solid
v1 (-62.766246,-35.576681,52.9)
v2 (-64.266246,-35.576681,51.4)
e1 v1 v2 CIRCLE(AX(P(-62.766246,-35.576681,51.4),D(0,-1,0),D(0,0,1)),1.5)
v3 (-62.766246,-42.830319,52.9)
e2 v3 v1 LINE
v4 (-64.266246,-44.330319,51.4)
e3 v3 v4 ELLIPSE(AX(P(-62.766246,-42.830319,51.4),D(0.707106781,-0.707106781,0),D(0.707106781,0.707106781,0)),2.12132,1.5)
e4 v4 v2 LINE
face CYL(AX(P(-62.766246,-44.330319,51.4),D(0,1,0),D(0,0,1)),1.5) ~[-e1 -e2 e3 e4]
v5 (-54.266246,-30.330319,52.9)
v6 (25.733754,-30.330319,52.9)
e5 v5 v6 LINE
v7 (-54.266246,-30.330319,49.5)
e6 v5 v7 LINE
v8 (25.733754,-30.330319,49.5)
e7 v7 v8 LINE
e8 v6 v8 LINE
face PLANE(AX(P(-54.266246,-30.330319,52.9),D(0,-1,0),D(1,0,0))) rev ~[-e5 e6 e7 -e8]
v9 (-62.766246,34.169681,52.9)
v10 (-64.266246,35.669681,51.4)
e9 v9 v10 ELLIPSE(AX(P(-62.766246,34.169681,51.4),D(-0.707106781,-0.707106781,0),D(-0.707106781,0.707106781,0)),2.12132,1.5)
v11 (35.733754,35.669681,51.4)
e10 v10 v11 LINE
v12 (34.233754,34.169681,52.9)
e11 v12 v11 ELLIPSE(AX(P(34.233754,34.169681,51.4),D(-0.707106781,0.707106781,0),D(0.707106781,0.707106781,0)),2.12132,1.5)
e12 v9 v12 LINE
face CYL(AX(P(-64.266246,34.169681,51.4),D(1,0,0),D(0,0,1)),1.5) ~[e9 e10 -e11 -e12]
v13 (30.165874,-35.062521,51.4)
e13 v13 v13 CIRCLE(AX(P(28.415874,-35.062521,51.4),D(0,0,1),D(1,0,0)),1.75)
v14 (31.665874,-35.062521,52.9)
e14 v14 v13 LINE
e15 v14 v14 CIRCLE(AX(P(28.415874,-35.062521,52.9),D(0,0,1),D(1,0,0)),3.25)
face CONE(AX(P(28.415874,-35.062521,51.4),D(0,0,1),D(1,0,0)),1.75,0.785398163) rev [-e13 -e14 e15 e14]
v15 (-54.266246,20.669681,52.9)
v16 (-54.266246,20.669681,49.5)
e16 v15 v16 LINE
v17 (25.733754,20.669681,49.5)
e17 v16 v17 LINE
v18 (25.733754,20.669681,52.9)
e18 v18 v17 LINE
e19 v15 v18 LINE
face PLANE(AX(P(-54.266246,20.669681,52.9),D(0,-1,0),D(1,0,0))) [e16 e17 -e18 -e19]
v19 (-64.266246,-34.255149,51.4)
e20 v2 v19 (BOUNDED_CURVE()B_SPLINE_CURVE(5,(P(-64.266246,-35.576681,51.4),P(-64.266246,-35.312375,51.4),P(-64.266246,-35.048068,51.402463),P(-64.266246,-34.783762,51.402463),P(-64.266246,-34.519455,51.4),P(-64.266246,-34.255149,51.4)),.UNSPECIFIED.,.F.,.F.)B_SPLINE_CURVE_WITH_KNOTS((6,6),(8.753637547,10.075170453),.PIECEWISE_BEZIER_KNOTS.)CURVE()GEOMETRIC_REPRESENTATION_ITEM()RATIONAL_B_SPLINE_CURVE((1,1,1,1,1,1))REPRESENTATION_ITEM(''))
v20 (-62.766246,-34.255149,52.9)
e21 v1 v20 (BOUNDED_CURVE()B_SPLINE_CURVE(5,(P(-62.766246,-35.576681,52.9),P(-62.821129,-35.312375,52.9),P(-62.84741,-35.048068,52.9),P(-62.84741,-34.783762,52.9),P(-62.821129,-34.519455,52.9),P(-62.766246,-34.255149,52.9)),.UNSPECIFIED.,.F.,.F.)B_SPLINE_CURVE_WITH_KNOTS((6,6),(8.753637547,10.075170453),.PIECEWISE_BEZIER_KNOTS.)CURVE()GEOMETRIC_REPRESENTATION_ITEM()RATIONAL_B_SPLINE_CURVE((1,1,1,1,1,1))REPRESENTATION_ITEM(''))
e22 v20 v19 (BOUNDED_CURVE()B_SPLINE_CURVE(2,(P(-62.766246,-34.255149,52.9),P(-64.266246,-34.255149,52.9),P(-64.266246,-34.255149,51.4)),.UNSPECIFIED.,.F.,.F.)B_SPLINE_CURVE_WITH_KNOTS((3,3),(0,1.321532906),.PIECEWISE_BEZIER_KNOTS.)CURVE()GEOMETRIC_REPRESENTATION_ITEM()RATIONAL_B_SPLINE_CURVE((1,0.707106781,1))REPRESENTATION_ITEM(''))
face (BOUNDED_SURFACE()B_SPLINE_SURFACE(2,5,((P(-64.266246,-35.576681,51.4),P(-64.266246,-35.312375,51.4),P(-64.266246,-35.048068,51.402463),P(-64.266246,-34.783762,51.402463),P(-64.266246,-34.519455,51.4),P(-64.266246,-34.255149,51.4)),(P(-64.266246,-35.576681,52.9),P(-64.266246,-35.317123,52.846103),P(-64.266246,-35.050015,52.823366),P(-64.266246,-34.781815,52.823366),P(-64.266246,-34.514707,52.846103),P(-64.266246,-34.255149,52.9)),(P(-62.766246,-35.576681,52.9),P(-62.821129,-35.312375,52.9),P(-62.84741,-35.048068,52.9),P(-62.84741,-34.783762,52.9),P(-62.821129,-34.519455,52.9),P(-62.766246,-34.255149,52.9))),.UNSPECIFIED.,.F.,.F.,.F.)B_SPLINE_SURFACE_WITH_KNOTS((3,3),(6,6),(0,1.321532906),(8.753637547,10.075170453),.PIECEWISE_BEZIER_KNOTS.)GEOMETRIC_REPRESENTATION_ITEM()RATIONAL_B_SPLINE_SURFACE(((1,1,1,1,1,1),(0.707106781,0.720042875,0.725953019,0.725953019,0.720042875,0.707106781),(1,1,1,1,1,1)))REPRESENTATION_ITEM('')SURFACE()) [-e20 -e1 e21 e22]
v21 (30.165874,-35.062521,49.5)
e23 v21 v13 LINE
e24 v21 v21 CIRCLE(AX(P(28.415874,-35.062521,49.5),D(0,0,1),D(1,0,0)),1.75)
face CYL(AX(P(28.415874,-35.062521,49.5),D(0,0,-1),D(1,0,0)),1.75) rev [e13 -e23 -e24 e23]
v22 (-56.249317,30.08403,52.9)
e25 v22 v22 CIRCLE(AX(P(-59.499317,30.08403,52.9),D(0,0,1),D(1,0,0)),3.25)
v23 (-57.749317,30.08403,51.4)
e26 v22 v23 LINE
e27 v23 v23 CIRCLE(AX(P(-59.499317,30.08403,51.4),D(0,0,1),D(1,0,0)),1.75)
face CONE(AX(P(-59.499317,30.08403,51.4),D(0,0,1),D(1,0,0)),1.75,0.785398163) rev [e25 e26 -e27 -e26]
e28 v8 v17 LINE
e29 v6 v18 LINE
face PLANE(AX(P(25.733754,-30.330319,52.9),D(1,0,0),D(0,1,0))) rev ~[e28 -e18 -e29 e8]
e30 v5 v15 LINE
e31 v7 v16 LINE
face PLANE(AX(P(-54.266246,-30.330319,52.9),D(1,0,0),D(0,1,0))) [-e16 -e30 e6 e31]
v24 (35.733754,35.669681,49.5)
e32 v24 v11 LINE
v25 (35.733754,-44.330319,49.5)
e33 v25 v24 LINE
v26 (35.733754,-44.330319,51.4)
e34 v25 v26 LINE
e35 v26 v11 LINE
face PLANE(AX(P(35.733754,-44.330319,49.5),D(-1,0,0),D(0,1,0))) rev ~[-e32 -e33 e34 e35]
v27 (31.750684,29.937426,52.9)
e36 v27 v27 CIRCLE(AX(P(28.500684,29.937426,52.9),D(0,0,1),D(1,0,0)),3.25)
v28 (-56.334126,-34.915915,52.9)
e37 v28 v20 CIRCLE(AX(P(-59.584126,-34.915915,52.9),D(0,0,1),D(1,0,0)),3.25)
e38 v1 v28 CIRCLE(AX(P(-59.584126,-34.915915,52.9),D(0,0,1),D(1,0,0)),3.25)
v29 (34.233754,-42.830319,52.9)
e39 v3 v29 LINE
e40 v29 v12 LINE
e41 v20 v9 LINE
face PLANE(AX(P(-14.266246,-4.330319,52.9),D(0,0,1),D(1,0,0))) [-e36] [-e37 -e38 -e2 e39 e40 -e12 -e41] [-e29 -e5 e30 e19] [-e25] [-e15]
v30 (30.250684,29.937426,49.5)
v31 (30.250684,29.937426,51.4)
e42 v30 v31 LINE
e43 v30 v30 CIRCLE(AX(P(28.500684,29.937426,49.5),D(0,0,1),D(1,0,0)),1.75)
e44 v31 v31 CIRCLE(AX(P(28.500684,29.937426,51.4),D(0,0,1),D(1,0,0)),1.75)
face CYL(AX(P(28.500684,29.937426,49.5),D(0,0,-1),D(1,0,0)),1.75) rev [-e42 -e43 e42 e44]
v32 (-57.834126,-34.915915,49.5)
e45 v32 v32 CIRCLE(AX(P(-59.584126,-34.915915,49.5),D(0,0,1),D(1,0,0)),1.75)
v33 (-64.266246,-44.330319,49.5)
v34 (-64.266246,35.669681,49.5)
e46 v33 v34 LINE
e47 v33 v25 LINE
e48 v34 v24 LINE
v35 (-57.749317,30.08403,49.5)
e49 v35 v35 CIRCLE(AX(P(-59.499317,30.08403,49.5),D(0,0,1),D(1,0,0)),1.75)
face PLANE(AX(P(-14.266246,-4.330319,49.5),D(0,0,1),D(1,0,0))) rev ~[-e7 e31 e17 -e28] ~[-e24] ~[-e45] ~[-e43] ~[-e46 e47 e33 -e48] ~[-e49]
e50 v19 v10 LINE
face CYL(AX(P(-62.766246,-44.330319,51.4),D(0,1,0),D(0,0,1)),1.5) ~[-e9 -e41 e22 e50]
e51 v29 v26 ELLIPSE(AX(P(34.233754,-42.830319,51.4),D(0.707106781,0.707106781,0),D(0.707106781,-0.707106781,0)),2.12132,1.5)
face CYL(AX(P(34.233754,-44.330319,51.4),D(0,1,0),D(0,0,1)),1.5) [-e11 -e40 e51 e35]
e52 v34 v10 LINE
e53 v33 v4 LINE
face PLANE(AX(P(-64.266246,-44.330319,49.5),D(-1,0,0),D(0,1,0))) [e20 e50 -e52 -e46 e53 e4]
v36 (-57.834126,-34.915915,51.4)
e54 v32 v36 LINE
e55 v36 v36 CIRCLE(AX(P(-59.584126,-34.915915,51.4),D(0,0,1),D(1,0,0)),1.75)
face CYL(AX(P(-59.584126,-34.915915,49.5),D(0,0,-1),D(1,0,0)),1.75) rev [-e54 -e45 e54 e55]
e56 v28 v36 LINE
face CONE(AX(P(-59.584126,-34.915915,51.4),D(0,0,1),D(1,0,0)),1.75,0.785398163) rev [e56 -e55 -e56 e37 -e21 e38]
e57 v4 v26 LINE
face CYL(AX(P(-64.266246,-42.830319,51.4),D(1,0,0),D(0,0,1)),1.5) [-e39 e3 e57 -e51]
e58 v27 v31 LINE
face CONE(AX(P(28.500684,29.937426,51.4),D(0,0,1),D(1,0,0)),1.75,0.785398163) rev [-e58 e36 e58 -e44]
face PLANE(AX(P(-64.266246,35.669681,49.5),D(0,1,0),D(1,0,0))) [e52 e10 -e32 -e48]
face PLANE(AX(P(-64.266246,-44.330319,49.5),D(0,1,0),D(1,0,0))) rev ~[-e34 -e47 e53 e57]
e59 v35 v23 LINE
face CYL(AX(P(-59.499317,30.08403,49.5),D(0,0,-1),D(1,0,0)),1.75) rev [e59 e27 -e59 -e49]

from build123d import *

# Parameters (mm, degrees)
SKETCH002_W  = 100
SKETCH002_H  = 80
SKETCH002_R  = 1.75
PAD004_DEPTH = 3.4
SKETCH_W     = 80
SKETCH_H     = 51
POCKET_DEPTH = 5
CHAMFER_SIZE = 1.5
FILLET_R     = 1.5


with BuildPart() as part:
    # Sketch002 → Pad004 (new body)
    with BuildSketch(Plane.XY.offset(49.5)):
        with Locations((-14.266246, -4.330319)):
            Rectangle(SKETCH002_W, SKETCH002_H)
        with Locations((-59.499317, 30.08403)):
            Circle(SKETCH002_R, mode=Mode.SUBTRACT)
        with Locations((-59.584126, -34.915915)):
            Circle(SKETCH002_R, mode=Mode.SUBTRACT)
        with Locations((28.500684, 29.937426)):
            Circle(SKETCH002_R, mode=Mode.SUBTRACT)
        with Locations((28.415874, -35.062521)):
            Circle(SKETCH002_R, mode=Mode.SUBTRACT)
    extrude(amount=PAD004_DEPTH)

    # Sketch (on Face10 of Pad004) → Pocket (cut)
    with BuildSketch(Plane.XY.offset(52.9)):
        with Locations((-14.266246, -4.830319)):
            Rectangle(SKETCH_W, SKETCH_H)
    extrude(amount=-POCKET_DEPTH, mode=Mode.SUBTRACT)

    # Chamfer
    chamfer_edges = [part.edges().sort_by_distance(p)[0] for p in [
        (-61.334126, -34.915915, 52.9),
        (-61.249317, 30.08403, 52.9),
        (26.750684, 29.937426, 52.9),
        (26.665874, -35.062521, 52.9),
    ]]
    chamfer(chamfer_edges, length=CHAMFER_SIZE)

    # Fillet
    fillet_edges = [part.edges().sort_by_distance(p)[0] for p in [
        (-64.266246, -4.330319, 52.9),
        (-14.266246, -44.330319, 52.9),
        (35.733754, -4.330319, 52.9),
        (-14.266246, 35.669681, 52.9),
    ]]
    fillet(fillet_edges, radius=FILLET_R)


solid = part.part
